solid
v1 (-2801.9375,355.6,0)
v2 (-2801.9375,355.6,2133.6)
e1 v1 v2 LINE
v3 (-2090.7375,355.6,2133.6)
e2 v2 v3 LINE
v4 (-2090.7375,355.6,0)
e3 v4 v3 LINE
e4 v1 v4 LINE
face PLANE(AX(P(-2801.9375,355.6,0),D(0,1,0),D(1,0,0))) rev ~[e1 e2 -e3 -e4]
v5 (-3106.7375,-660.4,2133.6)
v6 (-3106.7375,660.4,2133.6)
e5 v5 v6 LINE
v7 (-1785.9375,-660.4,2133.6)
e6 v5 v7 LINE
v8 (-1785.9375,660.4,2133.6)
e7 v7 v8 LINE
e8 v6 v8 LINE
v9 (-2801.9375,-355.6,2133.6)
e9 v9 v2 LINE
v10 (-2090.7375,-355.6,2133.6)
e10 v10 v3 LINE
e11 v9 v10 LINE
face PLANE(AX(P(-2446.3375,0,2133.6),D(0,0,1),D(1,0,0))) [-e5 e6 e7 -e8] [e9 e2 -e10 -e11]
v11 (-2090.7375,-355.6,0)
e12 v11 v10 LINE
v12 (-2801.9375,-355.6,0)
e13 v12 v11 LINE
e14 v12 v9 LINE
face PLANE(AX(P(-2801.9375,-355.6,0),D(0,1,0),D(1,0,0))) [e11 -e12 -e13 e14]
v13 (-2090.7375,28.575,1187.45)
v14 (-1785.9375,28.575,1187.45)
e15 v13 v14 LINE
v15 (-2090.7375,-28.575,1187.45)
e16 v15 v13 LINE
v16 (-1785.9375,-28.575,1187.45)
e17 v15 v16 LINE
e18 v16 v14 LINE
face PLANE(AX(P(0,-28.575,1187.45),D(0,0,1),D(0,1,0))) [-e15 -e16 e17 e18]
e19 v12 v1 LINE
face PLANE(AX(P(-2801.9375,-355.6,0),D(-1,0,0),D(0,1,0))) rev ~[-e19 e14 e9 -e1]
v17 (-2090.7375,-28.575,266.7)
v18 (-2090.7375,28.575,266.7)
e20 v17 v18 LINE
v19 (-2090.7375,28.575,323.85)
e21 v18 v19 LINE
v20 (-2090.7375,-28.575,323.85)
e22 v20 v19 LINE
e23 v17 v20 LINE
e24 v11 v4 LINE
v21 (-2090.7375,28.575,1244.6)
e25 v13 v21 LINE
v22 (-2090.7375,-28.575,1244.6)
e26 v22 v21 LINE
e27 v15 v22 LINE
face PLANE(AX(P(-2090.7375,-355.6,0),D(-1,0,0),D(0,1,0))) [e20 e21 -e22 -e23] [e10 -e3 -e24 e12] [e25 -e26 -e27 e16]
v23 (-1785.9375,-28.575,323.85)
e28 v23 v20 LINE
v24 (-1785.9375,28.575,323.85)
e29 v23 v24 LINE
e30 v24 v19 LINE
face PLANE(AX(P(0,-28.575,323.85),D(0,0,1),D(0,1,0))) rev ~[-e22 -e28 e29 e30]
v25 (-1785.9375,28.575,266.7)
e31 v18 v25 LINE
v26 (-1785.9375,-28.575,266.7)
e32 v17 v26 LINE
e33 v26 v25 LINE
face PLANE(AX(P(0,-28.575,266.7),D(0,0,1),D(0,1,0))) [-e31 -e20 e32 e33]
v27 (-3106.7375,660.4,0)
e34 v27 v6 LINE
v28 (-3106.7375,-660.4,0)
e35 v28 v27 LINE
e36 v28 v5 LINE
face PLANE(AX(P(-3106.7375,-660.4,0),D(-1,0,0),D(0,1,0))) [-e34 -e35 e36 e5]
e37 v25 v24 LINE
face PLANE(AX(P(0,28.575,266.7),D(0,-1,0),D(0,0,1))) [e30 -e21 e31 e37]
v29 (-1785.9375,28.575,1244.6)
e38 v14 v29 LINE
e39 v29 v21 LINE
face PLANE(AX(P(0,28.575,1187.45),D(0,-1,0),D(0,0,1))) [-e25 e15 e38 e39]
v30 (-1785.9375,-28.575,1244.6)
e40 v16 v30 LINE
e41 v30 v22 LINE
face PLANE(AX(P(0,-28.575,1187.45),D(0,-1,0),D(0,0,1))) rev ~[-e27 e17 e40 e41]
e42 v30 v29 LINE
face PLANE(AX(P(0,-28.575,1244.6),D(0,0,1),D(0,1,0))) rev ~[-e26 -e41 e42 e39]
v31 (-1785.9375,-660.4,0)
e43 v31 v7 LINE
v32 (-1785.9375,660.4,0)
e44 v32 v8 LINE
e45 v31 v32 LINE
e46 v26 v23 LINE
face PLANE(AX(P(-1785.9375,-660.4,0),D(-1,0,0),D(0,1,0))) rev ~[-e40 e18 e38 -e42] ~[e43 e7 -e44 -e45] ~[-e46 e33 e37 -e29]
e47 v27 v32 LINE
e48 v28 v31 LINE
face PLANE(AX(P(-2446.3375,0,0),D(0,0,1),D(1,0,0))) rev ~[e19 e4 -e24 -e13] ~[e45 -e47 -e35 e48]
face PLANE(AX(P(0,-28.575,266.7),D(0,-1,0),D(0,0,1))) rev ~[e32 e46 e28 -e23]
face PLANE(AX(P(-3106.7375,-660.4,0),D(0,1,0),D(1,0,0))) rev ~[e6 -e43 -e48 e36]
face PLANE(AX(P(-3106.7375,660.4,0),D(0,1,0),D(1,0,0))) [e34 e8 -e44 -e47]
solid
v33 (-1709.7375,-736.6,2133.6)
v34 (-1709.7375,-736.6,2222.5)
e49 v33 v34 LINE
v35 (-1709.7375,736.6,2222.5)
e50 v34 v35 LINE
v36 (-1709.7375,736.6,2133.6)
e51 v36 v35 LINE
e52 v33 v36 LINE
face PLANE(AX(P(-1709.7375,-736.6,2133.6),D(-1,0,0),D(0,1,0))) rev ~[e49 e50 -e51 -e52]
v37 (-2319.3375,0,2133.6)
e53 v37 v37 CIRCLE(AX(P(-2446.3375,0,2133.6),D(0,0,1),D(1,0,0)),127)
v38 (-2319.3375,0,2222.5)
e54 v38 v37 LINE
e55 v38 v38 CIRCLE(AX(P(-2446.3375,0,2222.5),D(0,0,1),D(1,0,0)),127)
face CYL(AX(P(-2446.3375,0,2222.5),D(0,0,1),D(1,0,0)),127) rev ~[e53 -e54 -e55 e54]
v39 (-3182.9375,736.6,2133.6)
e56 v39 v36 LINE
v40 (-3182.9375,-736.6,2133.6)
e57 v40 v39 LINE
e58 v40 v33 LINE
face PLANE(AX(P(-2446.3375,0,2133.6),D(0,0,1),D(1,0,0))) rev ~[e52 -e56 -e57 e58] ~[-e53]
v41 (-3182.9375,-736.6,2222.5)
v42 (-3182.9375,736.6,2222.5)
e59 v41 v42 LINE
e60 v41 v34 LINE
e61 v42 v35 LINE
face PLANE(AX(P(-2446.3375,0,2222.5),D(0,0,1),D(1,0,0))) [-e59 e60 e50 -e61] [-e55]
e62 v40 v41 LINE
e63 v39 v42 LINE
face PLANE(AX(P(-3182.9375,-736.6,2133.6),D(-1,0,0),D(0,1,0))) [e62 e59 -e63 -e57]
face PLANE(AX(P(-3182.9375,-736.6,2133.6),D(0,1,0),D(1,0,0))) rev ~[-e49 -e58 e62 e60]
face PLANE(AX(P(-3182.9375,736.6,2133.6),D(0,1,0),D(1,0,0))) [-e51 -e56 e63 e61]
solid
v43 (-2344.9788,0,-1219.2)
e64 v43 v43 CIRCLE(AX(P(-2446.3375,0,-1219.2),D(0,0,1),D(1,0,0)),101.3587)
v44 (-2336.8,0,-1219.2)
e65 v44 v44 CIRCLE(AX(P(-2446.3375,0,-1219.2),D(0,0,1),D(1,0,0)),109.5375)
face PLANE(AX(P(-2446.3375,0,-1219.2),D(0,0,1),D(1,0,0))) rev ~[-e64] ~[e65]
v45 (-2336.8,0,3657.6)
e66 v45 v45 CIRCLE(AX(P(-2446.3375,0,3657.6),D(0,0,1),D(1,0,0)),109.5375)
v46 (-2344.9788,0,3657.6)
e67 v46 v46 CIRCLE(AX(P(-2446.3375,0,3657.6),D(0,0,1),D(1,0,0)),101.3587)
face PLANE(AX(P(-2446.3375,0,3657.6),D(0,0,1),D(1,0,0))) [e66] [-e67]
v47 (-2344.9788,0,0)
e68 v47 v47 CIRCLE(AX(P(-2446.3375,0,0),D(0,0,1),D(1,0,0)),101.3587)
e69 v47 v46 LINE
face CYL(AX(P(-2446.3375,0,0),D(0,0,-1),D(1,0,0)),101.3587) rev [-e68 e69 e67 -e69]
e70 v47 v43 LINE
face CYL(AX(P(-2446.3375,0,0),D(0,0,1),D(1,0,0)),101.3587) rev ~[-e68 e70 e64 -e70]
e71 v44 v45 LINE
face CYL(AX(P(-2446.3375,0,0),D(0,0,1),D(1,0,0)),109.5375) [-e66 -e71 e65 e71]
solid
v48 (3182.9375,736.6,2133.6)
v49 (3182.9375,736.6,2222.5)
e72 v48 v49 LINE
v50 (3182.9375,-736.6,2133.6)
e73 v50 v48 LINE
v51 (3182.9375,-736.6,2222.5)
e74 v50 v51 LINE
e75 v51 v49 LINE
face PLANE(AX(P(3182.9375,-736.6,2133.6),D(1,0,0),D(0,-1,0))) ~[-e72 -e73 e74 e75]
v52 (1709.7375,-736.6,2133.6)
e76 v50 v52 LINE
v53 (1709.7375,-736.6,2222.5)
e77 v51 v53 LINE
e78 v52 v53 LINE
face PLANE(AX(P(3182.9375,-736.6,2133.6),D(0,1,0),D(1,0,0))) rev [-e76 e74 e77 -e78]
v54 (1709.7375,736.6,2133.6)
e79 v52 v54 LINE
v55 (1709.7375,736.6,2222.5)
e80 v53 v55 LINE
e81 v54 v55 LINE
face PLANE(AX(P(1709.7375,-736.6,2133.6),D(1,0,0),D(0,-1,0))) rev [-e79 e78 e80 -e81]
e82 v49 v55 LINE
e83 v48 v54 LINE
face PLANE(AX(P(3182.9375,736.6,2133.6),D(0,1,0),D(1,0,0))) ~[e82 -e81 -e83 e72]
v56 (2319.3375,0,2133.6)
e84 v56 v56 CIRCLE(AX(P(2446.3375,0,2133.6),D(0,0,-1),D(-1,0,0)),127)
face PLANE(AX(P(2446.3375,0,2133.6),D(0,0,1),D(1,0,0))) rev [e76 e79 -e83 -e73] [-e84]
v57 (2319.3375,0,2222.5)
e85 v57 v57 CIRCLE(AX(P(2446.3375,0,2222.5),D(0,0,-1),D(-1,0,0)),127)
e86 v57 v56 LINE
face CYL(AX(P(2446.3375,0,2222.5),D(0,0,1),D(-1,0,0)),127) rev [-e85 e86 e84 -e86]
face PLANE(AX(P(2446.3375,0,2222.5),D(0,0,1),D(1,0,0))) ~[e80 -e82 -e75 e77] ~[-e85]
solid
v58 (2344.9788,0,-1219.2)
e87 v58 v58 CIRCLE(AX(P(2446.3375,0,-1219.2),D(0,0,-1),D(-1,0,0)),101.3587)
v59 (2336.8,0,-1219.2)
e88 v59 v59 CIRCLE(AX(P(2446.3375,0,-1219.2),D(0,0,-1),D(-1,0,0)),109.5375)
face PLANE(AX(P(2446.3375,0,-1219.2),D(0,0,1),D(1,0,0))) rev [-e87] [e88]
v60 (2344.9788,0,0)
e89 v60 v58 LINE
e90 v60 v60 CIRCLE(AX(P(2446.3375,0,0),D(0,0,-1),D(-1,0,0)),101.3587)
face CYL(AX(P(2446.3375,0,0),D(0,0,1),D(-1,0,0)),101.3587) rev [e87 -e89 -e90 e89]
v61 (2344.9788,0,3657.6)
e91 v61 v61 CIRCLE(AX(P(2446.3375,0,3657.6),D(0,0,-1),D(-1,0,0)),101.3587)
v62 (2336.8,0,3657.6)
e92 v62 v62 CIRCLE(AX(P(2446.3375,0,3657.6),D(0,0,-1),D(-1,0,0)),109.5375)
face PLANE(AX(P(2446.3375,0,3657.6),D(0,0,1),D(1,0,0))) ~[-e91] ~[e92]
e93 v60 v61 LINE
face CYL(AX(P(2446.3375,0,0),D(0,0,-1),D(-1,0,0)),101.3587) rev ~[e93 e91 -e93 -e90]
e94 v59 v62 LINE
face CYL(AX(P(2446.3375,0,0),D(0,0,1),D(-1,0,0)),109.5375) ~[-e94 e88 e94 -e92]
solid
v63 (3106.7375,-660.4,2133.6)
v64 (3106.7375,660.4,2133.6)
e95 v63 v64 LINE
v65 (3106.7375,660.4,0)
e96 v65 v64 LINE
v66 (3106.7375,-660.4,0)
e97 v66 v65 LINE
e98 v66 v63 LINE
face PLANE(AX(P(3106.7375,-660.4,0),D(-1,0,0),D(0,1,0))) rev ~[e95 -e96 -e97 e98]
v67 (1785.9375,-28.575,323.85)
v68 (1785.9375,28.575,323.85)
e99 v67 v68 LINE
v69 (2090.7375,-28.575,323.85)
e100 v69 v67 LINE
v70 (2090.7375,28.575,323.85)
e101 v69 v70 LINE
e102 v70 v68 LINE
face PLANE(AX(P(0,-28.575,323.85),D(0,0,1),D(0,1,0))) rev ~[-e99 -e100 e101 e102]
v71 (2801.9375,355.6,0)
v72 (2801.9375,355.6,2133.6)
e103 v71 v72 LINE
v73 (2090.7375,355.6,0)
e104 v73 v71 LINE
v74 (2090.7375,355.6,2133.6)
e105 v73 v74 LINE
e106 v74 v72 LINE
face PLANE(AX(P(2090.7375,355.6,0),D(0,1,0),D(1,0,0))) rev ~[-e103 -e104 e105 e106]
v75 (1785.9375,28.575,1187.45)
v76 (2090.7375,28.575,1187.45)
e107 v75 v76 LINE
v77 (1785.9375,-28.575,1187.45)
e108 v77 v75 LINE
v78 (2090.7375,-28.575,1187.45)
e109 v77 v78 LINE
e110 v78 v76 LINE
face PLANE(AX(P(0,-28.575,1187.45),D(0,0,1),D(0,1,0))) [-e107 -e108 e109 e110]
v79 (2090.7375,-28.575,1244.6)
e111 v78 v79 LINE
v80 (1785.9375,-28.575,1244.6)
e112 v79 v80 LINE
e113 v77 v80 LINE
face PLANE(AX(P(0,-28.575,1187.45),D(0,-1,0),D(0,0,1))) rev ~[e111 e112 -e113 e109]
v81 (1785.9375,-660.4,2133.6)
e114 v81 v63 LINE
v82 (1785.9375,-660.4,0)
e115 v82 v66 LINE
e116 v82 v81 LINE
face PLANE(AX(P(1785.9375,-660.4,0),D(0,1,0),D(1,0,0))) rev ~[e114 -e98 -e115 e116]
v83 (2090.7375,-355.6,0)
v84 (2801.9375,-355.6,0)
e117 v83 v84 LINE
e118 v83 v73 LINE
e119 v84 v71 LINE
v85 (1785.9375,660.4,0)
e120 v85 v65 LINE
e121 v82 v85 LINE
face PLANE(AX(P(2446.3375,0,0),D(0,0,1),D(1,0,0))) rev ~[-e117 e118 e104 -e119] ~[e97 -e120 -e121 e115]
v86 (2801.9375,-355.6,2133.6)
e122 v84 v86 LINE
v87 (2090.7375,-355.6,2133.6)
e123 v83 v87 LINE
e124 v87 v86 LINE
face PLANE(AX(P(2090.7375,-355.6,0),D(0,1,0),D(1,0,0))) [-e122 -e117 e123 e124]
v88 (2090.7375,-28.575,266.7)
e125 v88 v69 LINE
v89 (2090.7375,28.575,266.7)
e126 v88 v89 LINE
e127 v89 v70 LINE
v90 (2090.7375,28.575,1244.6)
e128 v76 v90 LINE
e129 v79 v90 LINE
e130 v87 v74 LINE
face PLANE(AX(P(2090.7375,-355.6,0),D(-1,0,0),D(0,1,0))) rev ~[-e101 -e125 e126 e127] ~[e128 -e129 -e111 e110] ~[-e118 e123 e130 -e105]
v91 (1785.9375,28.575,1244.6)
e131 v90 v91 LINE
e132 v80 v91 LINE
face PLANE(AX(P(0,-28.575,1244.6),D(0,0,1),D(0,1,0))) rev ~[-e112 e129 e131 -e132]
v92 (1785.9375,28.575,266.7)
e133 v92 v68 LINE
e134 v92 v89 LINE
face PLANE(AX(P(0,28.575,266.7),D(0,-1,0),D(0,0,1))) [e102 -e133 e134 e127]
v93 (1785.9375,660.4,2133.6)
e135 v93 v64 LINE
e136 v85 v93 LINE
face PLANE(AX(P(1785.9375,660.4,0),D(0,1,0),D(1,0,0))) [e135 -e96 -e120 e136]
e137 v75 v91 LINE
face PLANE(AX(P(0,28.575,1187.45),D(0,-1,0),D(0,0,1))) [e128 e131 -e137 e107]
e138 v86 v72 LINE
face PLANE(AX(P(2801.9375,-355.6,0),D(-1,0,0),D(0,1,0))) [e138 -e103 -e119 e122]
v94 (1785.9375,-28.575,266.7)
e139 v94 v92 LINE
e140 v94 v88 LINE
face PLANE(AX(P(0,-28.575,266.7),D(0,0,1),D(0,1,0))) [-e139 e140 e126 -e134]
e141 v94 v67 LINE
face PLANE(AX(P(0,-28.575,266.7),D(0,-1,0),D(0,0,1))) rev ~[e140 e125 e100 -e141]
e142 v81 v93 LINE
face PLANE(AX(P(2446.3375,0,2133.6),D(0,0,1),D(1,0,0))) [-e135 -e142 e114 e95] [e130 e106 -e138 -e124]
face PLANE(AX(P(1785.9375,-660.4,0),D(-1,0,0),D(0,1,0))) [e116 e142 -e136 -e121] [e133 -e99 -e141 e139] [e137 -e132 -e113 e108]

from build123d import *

# Parameters (mm, degrees)
F0_W           = 1320.8
F0_H           = 1320.8
F0_W_2         = 711.2
F0_H_2         = 711.2
F1_DEPTH       = 2133.6
F2_W           = 1473.2
F2_H           = 1473.2
F3_DEPTH       = 88.9
F4_R           = 127
F5_DEPTH       = 88.9
F7_W           = 57.15
F7_H           = 57.15
F8_DEPTH       = 2090.7375
F8_DEPTH_BACK  = 2090.7375
F9_R           = 109.5375
F9_R_2         = 101.3587
F10_DEPTH      = 3657.6
F10_DEPTH_BACK = 1219.2


with BuildPart() as f1:
    # F0 (on Top) → F1 (new body)
    with BuildSketch(Plane.XY):
        with Locations((-2446.3375, 0)):
            Rectangle(F0_W, F0_H)
        with Locations((-2446.3375, 0)):
            Rectangle(F0_W_2, F0_H_2, mode=Mode.SUBTRACT)
    extrude(amount=F1_DEPTH)


with BuildPart() as f1b:
    # F0 (on Top) → F1, piece 2 (new body)
    with BuildSketch(Plane.XY):
        with Locations((2446.3375, 0)):
            Rectangle(F0_W, F0_H)
        with Locations((2446.3375, 0)):
            Rectangle(F0_W_2, F0_H_2, mode=Mode.SUBTRACT)
    extrude(amount=F1_DEPTH)


with BuildPart() as f3:
    # F2 (on face) → F3 (new body)
    with BuildSketch(Plane.XY.offset(2133.6)):
        with Locations((-2446.3375, 0)):
            Rectangle(F2_W, F2_H)
    extrude(amount=F3_DEPTH)

    # F4 (on face) → F5 (cut, through all)
    with BuildSketch(Plane.XY.offset(2222.5)):
        with Locations((-2446.3375, 0)):
            Circle(F4_R)
    extrude(amount=-F5_DEPTH, mode=Mode.SUBTRACT)


with BuildPart() as f6_1:
    # F6: instance of F3
    add(f3.part.mirror(Plane.YZ))


with BuildPart() as f8_tool:
    # F7 (on Right) → F8 (new body, two sides)
    with BuildSketch(Plane.YZ) as f8_sk:
        with Locations((0, 295.275)):
            Rectangle(F7_W, F7_H)
        with Locations((0, 1216.025)):
            Rectangle(F7_W, F7_H)
    extrude(amount=-F8_DEPTH)
    extrude(f8_sk.sketch, amount=F8_DEPTH_BACK)


with BuildPart() as f1_1:
    add(f1.part)

    # F8: cut by f8_tool
    add(f8_tool.part, mode=Mode.SUBTRACT)


with BuildPart() as f1b_1:
    add(f1b.part)

    # F8: cut by f8_tool
    add(f8_tool.part, mode=Mode.SUBTRACT)


with BuildPart() as f10:
    # F9 (on Top) → F10 (new body, two sides)
    with BuildSketch(Plane.XY) as f10_sk:
        with Locations((-2446.3375, 0)):
            Circle(F9_R)
        with Locations((-2446.3375, 0)):
            Circle(F9_R_2, mode=Mode.SUBTRACT)
    extrude(amount=F10_DEPTH)
    extrude(f10_sk.sketch, amount=-F10_DEPTH_BACK)


with BuildPart() as f11_1:
    # F11: instance of F10
    add(f10.part.mirror(Plane.YZ))


solid = Compound([f3.part, f6_1.part, f1_1.part, f1b_1.part, f10.part, f11_1.part])
